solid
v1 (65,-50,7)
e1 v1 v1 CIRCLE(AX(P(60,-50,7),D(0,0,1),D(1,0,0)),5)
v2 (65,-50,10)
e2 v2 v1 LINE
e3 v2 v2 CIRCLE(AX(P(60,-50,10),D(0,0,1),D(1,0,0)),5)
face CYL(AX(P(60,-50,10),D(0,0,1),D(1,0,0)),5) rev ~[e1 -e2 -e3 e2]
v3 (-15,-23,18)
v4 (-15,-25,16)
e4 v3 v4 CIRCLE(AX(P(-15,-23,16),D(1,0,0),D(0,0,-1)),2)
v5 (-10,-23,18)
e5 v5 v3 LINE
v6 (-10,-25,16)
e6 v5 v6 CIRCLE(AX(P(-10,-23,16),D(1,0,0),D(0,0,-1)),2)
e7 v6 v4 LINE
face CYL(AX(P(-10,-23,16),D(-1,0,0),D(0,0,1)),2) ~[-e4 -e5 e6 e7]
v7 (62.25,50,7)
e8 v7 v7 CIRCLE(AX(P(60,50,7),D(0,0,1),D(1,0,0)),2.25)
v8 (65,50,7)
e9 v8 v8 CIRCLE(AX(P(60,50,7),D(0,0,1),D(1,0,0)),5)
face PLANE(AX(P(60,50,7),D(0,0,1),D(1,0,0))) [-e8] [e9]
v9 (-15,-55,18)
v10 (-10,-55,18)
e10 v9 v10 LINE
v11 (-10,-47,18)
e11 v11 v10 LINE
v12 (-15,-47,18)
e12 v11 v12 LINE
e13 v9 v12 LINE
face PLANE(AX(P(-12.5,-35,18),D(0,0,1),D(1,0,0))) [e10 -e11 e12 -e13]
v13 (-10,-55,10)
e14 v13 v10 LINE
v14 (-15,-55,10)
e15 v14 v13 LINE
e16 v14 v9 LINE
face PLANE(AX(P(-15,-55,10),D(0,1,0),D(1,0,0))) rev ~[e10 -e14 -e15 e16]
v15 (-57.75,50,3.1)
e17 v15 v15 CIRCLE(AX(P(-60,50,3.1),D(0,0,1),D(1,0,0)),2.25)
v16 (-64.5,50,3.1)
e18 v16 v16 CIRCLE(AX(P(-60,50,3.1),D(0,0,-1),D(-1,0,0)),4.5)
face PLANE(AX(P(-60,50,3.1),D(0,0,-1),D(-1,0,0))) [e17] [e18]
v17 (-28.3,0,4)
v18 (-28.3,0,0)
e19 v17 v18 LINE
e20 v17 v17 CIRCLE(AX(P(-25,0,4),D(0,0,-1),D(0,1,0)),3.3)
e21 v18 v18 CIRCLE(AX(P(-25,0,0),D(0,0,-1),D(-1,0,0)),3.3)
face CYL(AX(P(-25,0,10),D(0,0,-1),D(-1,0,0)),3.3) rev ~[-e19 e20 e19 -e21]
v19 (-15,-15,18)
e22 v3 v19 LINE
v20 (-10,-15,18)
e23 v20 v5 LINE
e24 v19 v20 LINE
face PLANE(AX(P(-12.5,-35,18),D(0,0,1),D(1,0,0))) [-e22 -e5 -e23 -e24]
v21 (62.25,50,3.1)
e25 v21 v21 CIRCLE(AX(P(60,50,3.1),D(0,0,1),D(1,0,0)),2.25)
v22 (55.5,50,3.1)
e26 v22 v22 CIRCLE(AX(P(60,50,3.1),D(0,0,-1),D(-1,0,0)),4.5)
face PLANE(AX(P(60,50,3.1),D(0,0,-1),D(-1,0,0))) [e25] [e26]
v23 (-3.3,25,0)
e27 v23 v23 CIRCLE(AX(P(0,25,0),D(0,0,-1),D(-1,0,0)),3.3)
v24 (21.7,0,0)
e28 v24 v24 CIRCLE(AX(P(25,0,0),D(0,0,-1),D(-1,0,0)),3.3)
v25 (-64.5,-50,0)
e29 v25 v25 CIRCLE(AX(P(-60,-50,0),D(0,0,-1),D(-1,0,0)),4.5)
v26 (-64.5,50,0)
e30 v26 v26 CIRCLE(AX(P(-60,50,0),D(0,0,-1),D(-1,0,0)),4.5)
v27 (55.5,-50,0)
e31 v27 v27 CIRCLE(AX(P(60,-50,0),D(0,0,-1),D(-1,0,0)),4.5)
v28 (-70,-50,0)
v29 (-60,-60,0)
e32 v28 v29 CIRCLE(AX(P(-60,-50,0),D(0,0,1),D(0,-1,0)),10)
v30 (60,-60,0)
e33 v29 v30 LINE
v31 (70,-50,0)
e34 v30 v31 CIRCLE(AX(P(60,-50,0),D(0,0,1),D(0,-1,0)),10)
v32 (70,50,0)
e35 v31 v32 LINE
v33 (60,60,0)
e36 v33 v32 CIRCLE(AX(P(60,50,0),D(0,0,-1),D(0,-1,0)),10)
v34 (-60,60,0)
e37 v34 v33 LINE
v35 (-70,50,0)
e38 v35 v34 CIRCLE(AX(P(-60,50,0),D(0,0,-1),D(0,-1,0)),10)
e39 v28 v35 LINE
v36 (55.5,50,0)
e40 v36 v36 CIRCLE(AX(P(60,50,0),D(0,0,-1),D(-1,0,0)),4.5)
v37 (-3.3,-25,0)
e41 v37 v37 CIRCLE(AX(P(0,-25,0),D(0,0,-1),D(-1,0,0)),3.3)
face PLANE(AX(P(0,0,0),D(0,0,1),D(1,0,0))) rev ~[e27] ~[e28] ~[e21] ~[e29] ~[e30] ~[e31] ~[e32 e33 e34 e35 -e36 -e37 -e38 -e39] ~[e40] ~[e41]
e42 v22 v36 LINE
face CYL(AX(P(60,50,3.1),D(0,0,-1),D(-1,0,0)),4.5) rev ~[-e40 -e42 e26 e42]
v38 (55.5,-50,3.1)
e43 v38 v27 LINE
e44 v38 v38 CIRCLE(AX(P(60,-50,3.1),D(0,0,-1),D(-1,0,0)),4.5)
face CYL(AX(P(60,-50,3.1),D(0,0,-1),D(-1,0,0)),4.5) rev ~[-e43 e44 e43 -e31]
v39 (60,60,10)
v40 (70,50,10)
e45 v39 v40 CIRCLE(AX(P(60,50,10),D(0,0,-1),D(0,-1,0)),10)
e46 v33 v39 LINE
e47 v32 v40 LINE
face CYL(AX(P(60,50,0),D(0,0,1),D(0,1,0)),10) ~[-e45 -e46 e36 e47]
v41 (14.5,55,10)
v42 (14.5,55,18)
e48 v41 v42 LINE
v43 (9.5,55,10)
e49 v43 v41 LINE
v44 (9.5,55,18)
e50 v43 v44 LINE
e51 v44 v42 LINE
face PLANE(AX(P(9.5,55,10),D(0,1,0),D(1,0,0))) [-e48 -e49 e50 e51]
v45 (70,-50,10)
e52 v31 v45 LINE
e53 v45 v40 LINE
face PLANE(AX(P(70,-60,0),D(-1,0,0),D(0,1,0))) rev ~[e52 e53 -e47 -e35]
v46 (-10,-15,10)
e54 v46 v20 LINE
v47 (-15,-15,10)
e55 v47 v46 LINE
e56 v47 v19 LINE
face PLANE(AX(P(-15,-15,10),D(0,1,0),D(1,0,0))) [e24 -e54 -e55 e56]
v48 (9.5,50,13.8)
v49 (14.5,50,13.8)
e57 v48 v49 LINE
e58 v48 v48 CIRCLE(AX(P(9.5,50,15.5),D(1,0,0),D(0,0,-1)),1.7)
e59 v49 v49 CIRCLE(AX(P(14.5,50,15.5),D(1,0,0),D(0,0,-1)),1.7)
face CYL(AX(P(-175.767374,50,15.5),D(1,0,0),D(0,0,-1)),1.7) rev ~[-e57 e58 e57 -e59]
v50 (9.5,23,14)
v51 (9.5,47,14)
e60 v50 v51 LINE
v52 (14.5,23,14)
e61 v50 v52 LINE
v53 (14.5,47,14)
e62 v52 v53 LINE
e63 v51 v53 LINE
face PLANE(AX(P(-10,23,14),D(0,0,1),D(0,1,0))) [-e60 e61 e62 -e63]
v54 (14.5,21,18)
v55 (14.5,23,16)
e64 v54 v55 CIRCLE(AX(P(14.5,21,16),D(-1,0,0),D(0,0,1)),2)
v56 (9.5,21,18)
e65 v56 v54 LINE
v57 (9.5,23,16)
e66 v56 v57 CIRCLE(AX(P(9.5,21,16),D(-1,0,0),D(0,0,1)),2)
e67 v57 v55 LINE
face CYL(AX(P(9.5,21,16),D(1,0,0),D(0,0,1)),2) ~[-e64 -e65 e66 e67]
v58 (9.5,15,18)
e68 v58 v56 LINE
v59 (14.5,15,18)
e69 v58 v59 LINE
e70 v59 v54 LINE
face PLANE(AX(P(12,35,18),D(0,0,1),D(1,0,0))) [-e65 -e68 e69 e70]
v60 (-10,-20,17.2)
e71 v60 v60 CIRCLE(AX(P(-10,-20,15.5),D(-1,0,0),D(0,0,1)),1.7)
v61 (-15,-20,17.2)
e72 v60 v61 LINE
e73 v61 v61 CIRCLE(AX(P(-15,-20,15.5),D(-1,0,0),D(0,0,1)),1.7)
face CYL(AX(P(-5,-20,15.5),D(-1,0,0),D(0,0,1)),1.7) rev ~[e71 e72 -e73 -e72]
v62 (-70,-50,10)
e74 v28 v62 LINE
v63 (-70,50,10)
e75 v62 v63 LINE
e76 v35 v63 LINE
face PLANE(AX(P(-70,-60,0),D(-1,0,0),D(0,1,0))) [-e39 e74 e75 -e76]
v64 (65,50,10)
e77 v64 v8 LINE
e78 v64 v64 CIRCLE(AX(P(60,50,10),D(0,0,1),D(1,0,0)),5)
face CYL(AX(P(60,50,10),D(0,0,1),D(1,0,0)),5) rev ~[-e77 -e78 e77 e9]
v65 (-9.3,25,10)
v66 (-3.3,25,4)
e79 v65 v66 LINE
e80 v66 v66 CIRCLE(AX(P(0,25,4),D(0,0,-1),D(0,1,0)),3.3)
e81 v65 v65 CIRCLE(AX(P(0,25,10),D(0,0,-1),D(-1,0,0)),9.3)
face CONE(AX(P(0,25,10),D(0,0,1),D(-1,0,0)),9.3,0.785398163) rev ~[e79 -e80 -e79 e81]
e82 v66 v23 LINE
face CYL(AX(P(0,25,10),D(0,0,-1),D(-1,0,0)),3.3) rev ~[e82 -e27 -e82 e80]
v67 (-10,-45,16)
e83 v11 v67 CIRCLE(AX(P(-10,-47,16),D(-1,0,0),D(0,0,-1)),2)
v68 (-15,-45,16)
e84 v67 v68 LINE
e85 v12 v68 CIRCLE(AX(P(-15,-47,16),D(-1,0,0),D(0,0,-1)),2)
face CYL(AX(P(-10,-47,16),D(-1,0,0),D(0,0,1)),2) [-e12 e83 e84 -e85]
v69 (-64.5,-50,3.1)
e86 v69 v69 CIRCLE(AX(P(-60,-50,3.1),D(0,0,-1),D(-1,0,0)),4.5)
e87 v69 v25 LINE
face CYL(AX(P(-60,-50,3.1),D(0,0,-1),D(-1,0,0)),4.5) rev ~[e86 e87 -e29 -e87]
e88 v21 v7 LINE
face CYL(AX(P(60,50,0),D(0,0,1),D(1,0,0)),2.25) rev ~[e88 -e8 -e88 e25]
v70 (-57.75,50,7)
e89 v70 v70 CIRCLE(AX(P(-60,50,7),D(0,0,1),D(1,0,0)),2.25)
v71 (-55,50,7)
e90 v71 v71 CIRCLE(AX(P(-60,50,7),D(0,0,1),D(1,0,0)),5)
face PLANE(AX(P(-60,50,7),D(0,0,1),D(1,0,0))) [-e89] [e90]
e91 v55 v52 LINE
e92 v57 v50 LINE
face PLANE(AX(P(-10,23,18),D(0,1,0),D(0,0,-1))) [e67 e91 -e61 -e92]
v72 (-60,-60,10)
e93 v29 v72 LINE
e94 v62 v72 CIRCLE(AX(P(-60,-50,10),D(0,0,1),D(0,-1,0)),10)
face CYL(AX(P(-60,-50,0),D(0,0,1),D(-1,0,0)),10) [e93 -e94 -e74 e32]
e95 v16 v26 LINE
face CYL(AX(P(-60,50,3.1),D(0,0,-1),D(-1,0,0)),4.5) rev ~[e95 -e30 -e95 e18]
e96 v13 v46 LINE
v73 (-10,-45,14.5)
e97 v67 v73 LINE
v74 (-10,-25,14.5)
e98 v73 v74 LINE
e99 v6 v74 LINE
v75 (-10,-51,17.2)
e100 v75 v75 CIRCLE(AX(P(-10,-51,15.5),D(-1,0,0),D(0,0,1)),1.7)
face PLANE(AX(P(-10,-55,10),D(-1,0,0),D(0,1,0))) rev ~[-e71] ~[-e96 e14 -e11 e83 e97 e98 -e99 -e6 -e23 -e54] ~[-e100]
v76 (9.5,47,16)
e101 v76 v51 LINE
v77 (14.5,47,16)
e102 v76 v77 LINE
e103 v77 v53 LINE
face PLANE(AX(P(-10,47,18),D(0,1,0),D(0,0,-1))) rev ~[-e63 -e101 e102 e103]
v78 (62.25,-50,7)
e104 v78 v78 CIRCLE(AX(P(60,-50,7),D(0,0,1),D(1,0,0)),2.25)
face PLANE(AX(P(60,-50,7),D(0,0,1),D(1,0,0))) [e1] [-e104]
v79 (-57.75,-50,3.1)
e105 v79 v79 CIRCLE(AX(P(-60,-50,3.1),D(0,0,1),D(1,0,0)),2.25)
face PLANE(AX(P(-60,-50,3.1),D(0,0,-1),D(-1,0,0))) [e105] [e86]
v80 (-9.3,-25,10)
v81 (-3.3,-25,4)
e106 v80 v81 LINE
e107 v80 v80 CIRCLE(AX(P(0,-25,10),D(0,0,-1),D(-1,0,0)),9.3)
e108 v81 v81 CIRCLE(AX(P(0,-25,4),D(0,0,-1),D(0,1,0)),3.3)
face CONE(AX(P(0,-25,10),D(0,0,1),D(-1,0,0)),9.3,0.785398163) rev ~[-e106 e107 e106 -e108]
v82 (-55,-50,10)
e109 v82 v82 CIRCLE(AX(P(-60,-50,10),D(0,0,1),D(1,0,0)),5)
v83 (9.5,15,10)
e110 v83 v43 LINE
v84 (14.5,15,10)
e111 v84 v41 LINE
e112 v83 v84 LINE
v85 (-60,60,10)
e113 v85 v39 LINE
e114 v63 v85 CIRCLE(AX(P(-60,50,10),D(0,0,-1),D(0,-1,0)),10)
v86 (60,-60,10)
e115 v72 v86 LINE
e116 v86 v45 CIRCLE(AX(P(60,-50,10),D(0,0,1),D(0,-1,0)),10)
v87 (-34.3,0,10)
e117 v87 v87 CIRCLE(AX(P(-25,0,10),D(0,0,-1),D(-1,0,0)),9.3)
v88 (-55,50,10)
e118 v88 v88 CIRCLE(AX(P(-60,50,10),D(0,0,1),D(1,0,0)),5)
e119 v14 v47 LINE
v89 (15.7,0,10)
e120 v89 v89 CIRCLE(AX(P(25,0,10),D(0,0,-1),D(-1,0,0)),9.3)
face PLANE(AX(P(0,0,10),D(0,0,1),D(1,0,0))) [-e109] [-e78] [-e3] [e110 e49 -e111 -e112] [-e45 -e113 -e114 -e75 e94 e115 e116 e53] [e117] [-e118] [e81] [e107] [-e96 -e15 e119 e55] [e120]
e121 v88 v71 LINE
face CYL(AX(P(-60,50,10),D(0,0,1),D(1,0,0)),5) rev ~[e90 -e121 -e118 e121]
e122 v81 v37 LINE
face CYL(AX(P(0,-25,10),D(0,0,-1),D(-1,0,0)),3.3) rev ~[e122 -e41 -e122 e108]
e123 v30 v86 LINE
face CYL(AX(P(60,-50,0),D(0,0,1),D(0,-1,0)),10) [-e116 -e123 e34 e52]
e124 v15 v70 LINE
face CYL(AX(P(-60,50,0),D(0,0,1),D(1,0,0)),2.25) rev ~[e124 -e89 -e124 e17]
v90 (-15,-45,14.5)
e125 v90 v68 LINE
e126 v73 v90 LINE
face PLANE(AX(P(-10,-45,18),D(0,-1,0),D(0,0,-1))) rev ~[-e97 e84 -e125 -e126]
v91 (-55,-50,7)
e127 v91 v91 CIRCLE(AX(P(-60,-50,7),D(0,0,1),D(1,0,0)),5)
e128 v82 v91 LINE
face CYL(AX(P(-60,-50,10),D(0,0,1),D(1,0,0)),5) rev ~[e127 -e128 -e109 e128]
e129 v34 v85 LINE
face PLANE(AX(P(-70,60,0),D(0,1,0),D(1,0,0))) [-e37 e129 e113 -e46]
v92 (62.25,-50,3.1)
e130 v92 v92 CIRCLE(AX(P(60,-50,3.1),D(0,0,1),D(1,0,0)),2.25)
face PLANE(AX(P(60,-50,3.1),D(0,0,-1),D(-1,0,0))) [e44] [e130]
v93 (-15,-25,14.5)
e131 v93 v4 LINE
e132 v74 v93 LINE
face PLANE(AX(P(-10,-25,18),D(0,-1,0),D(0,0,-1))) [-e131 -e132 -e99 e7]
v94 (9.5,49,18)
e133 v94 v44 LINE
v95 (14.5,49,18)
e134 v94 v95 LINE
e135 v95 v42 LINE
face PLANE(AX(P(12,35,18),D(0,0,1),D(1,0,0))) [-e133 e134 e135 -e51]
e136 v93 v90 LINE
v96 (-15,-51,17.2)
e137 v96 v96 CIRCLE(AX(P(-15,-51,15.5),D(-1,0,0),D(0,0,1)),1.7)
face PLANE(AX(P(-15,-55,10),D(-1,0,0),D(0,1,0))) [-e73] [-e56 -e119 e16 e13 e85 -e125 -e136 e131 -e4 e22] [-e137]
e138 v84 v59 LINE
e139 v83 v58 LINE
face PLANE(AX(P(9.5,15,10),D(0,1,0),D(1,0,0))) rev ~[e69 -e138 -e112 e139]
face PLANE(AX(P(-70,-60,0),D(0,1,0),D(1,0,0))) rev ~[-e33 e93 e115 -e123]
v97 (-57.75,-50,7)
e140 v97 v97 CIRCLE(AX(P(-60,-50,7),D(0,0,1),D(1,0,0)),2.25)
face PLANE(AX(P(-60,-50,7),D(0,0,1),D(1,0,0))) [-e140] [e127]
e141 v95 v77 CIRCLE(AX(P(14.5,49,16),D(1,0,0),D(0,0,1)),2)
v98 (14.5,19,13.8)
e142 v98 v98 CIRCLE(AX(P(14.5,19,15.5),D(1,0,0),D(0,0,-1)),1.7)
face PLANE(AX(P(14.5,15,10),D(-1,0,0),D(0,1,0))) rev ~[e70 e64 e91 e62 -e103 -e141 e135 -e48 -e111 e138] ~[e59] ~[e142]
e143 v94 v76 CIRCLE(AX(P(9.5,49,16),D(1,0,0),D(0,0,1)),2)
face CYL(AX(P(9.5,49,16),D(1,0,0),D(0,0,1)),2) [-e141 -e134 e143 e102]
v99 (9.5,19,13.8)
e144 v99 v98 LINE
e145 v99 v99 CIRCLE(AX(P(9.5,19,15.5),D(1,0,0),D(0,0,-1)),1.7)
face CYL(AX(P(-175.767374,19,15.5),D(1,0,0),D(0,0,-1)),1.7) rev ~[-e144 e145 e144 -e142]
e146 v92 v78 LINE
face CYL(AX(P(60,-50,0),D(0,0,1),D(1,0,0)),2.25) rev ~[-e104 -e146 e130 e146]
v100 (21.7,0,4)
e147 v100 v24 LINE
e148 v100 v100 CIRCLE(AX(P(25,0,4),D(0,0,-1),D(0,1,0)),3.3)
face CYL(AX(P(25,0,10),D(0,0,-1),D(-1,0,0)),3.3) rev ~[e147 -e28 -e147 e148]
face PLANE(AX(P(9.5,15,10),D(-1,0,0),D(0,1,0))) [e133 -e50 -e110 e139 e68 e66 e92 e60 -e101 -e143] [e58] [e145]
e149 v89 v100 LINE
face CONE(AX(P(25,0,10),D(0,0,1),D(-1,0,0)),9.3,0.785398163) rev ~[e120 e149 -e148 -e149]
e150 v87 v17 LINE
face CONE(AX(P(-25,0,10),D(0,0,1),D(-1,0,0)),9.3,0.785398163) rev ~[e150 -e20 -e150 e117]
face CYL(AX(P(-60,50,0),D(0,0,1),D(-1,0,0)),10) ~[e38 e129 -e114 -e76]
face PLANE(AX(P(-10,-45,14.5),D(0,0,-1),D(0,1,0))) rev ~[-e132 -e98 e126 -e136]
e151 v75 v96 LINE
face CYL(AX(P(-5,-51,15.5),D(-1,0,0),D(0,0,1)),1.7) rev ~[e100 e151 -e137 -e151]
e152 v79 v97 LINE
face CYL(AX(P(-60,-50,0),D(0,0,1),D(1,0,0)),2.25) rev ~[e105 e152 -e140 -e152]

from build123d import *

# Parameters (mm, degrees)
SKETCH_1_W                   = 140
SKETCH_1_H                   = 120
EXTRUDE_1_DEPTH              = 10
HOLE_WIZARD_M6_1_D           = 6.6
HOLE_WIZARD_M6_1_CSINK_D     = 18.6
HOLE_WIZARD_M6_1_CSINK_ANGLE = 90
SKETCH_4_W                   = 5
SKETCH_4_H                   = 40
EXTRUDE_2_DEPTH              = 8
HOLE_WIZARD_M3_2_D           = 3.4
HOLE_WIZARD_M3_2_DEPTH       = 5
SKETCH_13_R                  = 5
CUT_EXTRUDE_5_DEPTH          = 3
HOLE_WIZARD_M4_1_D           = 4.5
HOLE_WIZARD_M4_1_CBORE_D     = 9
HOLE_WIZARD_M4_1_CBORE_DEPTH = 3.1
SKETCH_21_W                  = 5
SKETCH_21_H                  = 40
EXTRUDE_4_DEPTH              = 8
HOLE_WIZARD_M3_4_D           = 3.4
SKETCH_24_W                  = 3.5
SKETCH_24_H                  = 20
SKETCH_24_W_2                = 4
SKETCH_24_H_2                = 24
CUT_EXTRUDE_6_DEPTH          = 81
CUT_EXTRUDE_6_DEPTH_BACK     = 61
FILLET_1_R                   = 10
FILLET_2_R                   = 2


with BuildPart() as part:
    # 스케치1 → 보스-돌출1 (new body)
    with BuildSketch(Plane.XY):
        Rectangle(SKETCH_1_W, SKETCH_1_H)
    extrude(amount=EXTRUDE_1_DEPTH)

    # M6 접시 머리 나사용 카운터싱크1 (through all)
    with Locations(Plane.XY.offset(10)):
        with Locations((0, 25), (25, 0), (0, -25), (-25, 0)):
            CounterSinkHole(HOLE_WIZARD_M6_1_D / 2, HOLE_WIZARD_M6_1_CSINK_D / 2, counter_sink_angle=HOLE_WIZARD_M6_1_CSINK_ANGLE)

    # 스케치4 → 보스-돌출2 (add)
    with BuildSketch(Plane.XY.offset(10)):
        with Locations((-12.5, -35)):
            Rectangle(SKETCH_4_W, SKETCH_4_H)
    extrude(amount=EXTRUDE_2_DEPTH)

    # M3 여유 구멍2
    with Locations(Plane(origin=(-10, 0, 0), x_dir=(0, 0, -1), z_dir=(1, 0, 0))):
        with Locations((-15.5, -51), (-15.5, -20)):
            Hole(HOLE_WIZARD_M3_2_D / 2, depth=HOLE_WIZARD_M3_2_DEPTH)

    # 스케치13 → 컷-돌출5 (cut)
    with BuildSketch(Plane.XY.offset(10)):
        with Locations((-60, 50)):
            Circle(SKETCH_13_R)
        with Locations((60, 50)):
            Circle(SKETCH_13_R)
        with Locations((60, -50)):
            Circle(SKETCH_13_R)
        with Locations((-60, -50)):
            Circle(SKETCH_13_R)
    extrude(amount=-CUT_EXTRUDE_5_DEPTH, mode=Mode.SUBTRACT)

    # M4 남비 머리 나사용 카운터보어1 (through all)
    with Locations(Plane(origin=(0, 0, 0), x_dir=(-1, 0, 0), z_dir=(0, 0, -1))):
        with Locations((-60, 50), (60, 50), (60, -50), (-60, -50)):
            CounterBoreHole(HOLE_WIZARD_M4_1_D / 2, HOLE_WIZARD_M4_1_CBORE_D / 2, HOLE_WIZARD_M4_1_CBORE_DEPTH)

    # 스케치21 → 보스-돌출4 (add)
    with BuildSketch(Plane.XY.offset(10)):
        with Locations((12, 35)):
            Rectangle(SKETCH_21_W, SKETCH_21_H)
    extrude(amount=EXTRUDE_4_DEPTH)

    # M3 여유 구멍4 (through all)
    with Locations(Plane.ZY.offset(-9.5)):
        with Locations((15.5, 50), (15.5, 19)):
            Hole(HOLE_WIZARD_M3_4_D / 2)

    # 스케치24 → 컷-돌출6 (cut, two sides)
    with BuildSketch(Plane(origin=(-10, 0, 0), x_dir=(0, 0, -1), z_dir=(1, 0, 0))) as cut_extrude_6_sk:
        with Locations((-16.25, -35)):
            Rectangle(SKETCH_24_W, SKETCH_24_H)
        with Locations((-16, 35)):
            Rectangle(SKETCH_24_W_2, SKETCH_24_H_2)
    extrude(amount=CUT_EXTRUDE_6_DEPTH, mode=Mode.SUBTRACT)
    extrude(cut_extrude_6_sk.sketch, amount=-CUT_EXTRUDE_6_DEPTH_BACK, mode=Mode.SUBTRACT)

    # 필렛1
    fillet_1_edges = [part.edges().sort_by_distance(p)[0] for p in [
        (70, -60, 5),
        (-70, -60, 5),
        (-70, 60, 5),
        (70, 60, 5),
    ]]
    fillet(fillet_1_edges, radius=FILLET_1_R)

    # 필렛2
    fillet_2_edges = [part.edges().sort_by_distance(p)[0] for p in [
        (12, 47, 18),
        (12, 23, 18),
        (-12.5, -25, 18),
        (-12.5, -45, 18),
    ]]
    fillet(fillet_2_edges, radius=FILLET_2_R)


solid = part.part
